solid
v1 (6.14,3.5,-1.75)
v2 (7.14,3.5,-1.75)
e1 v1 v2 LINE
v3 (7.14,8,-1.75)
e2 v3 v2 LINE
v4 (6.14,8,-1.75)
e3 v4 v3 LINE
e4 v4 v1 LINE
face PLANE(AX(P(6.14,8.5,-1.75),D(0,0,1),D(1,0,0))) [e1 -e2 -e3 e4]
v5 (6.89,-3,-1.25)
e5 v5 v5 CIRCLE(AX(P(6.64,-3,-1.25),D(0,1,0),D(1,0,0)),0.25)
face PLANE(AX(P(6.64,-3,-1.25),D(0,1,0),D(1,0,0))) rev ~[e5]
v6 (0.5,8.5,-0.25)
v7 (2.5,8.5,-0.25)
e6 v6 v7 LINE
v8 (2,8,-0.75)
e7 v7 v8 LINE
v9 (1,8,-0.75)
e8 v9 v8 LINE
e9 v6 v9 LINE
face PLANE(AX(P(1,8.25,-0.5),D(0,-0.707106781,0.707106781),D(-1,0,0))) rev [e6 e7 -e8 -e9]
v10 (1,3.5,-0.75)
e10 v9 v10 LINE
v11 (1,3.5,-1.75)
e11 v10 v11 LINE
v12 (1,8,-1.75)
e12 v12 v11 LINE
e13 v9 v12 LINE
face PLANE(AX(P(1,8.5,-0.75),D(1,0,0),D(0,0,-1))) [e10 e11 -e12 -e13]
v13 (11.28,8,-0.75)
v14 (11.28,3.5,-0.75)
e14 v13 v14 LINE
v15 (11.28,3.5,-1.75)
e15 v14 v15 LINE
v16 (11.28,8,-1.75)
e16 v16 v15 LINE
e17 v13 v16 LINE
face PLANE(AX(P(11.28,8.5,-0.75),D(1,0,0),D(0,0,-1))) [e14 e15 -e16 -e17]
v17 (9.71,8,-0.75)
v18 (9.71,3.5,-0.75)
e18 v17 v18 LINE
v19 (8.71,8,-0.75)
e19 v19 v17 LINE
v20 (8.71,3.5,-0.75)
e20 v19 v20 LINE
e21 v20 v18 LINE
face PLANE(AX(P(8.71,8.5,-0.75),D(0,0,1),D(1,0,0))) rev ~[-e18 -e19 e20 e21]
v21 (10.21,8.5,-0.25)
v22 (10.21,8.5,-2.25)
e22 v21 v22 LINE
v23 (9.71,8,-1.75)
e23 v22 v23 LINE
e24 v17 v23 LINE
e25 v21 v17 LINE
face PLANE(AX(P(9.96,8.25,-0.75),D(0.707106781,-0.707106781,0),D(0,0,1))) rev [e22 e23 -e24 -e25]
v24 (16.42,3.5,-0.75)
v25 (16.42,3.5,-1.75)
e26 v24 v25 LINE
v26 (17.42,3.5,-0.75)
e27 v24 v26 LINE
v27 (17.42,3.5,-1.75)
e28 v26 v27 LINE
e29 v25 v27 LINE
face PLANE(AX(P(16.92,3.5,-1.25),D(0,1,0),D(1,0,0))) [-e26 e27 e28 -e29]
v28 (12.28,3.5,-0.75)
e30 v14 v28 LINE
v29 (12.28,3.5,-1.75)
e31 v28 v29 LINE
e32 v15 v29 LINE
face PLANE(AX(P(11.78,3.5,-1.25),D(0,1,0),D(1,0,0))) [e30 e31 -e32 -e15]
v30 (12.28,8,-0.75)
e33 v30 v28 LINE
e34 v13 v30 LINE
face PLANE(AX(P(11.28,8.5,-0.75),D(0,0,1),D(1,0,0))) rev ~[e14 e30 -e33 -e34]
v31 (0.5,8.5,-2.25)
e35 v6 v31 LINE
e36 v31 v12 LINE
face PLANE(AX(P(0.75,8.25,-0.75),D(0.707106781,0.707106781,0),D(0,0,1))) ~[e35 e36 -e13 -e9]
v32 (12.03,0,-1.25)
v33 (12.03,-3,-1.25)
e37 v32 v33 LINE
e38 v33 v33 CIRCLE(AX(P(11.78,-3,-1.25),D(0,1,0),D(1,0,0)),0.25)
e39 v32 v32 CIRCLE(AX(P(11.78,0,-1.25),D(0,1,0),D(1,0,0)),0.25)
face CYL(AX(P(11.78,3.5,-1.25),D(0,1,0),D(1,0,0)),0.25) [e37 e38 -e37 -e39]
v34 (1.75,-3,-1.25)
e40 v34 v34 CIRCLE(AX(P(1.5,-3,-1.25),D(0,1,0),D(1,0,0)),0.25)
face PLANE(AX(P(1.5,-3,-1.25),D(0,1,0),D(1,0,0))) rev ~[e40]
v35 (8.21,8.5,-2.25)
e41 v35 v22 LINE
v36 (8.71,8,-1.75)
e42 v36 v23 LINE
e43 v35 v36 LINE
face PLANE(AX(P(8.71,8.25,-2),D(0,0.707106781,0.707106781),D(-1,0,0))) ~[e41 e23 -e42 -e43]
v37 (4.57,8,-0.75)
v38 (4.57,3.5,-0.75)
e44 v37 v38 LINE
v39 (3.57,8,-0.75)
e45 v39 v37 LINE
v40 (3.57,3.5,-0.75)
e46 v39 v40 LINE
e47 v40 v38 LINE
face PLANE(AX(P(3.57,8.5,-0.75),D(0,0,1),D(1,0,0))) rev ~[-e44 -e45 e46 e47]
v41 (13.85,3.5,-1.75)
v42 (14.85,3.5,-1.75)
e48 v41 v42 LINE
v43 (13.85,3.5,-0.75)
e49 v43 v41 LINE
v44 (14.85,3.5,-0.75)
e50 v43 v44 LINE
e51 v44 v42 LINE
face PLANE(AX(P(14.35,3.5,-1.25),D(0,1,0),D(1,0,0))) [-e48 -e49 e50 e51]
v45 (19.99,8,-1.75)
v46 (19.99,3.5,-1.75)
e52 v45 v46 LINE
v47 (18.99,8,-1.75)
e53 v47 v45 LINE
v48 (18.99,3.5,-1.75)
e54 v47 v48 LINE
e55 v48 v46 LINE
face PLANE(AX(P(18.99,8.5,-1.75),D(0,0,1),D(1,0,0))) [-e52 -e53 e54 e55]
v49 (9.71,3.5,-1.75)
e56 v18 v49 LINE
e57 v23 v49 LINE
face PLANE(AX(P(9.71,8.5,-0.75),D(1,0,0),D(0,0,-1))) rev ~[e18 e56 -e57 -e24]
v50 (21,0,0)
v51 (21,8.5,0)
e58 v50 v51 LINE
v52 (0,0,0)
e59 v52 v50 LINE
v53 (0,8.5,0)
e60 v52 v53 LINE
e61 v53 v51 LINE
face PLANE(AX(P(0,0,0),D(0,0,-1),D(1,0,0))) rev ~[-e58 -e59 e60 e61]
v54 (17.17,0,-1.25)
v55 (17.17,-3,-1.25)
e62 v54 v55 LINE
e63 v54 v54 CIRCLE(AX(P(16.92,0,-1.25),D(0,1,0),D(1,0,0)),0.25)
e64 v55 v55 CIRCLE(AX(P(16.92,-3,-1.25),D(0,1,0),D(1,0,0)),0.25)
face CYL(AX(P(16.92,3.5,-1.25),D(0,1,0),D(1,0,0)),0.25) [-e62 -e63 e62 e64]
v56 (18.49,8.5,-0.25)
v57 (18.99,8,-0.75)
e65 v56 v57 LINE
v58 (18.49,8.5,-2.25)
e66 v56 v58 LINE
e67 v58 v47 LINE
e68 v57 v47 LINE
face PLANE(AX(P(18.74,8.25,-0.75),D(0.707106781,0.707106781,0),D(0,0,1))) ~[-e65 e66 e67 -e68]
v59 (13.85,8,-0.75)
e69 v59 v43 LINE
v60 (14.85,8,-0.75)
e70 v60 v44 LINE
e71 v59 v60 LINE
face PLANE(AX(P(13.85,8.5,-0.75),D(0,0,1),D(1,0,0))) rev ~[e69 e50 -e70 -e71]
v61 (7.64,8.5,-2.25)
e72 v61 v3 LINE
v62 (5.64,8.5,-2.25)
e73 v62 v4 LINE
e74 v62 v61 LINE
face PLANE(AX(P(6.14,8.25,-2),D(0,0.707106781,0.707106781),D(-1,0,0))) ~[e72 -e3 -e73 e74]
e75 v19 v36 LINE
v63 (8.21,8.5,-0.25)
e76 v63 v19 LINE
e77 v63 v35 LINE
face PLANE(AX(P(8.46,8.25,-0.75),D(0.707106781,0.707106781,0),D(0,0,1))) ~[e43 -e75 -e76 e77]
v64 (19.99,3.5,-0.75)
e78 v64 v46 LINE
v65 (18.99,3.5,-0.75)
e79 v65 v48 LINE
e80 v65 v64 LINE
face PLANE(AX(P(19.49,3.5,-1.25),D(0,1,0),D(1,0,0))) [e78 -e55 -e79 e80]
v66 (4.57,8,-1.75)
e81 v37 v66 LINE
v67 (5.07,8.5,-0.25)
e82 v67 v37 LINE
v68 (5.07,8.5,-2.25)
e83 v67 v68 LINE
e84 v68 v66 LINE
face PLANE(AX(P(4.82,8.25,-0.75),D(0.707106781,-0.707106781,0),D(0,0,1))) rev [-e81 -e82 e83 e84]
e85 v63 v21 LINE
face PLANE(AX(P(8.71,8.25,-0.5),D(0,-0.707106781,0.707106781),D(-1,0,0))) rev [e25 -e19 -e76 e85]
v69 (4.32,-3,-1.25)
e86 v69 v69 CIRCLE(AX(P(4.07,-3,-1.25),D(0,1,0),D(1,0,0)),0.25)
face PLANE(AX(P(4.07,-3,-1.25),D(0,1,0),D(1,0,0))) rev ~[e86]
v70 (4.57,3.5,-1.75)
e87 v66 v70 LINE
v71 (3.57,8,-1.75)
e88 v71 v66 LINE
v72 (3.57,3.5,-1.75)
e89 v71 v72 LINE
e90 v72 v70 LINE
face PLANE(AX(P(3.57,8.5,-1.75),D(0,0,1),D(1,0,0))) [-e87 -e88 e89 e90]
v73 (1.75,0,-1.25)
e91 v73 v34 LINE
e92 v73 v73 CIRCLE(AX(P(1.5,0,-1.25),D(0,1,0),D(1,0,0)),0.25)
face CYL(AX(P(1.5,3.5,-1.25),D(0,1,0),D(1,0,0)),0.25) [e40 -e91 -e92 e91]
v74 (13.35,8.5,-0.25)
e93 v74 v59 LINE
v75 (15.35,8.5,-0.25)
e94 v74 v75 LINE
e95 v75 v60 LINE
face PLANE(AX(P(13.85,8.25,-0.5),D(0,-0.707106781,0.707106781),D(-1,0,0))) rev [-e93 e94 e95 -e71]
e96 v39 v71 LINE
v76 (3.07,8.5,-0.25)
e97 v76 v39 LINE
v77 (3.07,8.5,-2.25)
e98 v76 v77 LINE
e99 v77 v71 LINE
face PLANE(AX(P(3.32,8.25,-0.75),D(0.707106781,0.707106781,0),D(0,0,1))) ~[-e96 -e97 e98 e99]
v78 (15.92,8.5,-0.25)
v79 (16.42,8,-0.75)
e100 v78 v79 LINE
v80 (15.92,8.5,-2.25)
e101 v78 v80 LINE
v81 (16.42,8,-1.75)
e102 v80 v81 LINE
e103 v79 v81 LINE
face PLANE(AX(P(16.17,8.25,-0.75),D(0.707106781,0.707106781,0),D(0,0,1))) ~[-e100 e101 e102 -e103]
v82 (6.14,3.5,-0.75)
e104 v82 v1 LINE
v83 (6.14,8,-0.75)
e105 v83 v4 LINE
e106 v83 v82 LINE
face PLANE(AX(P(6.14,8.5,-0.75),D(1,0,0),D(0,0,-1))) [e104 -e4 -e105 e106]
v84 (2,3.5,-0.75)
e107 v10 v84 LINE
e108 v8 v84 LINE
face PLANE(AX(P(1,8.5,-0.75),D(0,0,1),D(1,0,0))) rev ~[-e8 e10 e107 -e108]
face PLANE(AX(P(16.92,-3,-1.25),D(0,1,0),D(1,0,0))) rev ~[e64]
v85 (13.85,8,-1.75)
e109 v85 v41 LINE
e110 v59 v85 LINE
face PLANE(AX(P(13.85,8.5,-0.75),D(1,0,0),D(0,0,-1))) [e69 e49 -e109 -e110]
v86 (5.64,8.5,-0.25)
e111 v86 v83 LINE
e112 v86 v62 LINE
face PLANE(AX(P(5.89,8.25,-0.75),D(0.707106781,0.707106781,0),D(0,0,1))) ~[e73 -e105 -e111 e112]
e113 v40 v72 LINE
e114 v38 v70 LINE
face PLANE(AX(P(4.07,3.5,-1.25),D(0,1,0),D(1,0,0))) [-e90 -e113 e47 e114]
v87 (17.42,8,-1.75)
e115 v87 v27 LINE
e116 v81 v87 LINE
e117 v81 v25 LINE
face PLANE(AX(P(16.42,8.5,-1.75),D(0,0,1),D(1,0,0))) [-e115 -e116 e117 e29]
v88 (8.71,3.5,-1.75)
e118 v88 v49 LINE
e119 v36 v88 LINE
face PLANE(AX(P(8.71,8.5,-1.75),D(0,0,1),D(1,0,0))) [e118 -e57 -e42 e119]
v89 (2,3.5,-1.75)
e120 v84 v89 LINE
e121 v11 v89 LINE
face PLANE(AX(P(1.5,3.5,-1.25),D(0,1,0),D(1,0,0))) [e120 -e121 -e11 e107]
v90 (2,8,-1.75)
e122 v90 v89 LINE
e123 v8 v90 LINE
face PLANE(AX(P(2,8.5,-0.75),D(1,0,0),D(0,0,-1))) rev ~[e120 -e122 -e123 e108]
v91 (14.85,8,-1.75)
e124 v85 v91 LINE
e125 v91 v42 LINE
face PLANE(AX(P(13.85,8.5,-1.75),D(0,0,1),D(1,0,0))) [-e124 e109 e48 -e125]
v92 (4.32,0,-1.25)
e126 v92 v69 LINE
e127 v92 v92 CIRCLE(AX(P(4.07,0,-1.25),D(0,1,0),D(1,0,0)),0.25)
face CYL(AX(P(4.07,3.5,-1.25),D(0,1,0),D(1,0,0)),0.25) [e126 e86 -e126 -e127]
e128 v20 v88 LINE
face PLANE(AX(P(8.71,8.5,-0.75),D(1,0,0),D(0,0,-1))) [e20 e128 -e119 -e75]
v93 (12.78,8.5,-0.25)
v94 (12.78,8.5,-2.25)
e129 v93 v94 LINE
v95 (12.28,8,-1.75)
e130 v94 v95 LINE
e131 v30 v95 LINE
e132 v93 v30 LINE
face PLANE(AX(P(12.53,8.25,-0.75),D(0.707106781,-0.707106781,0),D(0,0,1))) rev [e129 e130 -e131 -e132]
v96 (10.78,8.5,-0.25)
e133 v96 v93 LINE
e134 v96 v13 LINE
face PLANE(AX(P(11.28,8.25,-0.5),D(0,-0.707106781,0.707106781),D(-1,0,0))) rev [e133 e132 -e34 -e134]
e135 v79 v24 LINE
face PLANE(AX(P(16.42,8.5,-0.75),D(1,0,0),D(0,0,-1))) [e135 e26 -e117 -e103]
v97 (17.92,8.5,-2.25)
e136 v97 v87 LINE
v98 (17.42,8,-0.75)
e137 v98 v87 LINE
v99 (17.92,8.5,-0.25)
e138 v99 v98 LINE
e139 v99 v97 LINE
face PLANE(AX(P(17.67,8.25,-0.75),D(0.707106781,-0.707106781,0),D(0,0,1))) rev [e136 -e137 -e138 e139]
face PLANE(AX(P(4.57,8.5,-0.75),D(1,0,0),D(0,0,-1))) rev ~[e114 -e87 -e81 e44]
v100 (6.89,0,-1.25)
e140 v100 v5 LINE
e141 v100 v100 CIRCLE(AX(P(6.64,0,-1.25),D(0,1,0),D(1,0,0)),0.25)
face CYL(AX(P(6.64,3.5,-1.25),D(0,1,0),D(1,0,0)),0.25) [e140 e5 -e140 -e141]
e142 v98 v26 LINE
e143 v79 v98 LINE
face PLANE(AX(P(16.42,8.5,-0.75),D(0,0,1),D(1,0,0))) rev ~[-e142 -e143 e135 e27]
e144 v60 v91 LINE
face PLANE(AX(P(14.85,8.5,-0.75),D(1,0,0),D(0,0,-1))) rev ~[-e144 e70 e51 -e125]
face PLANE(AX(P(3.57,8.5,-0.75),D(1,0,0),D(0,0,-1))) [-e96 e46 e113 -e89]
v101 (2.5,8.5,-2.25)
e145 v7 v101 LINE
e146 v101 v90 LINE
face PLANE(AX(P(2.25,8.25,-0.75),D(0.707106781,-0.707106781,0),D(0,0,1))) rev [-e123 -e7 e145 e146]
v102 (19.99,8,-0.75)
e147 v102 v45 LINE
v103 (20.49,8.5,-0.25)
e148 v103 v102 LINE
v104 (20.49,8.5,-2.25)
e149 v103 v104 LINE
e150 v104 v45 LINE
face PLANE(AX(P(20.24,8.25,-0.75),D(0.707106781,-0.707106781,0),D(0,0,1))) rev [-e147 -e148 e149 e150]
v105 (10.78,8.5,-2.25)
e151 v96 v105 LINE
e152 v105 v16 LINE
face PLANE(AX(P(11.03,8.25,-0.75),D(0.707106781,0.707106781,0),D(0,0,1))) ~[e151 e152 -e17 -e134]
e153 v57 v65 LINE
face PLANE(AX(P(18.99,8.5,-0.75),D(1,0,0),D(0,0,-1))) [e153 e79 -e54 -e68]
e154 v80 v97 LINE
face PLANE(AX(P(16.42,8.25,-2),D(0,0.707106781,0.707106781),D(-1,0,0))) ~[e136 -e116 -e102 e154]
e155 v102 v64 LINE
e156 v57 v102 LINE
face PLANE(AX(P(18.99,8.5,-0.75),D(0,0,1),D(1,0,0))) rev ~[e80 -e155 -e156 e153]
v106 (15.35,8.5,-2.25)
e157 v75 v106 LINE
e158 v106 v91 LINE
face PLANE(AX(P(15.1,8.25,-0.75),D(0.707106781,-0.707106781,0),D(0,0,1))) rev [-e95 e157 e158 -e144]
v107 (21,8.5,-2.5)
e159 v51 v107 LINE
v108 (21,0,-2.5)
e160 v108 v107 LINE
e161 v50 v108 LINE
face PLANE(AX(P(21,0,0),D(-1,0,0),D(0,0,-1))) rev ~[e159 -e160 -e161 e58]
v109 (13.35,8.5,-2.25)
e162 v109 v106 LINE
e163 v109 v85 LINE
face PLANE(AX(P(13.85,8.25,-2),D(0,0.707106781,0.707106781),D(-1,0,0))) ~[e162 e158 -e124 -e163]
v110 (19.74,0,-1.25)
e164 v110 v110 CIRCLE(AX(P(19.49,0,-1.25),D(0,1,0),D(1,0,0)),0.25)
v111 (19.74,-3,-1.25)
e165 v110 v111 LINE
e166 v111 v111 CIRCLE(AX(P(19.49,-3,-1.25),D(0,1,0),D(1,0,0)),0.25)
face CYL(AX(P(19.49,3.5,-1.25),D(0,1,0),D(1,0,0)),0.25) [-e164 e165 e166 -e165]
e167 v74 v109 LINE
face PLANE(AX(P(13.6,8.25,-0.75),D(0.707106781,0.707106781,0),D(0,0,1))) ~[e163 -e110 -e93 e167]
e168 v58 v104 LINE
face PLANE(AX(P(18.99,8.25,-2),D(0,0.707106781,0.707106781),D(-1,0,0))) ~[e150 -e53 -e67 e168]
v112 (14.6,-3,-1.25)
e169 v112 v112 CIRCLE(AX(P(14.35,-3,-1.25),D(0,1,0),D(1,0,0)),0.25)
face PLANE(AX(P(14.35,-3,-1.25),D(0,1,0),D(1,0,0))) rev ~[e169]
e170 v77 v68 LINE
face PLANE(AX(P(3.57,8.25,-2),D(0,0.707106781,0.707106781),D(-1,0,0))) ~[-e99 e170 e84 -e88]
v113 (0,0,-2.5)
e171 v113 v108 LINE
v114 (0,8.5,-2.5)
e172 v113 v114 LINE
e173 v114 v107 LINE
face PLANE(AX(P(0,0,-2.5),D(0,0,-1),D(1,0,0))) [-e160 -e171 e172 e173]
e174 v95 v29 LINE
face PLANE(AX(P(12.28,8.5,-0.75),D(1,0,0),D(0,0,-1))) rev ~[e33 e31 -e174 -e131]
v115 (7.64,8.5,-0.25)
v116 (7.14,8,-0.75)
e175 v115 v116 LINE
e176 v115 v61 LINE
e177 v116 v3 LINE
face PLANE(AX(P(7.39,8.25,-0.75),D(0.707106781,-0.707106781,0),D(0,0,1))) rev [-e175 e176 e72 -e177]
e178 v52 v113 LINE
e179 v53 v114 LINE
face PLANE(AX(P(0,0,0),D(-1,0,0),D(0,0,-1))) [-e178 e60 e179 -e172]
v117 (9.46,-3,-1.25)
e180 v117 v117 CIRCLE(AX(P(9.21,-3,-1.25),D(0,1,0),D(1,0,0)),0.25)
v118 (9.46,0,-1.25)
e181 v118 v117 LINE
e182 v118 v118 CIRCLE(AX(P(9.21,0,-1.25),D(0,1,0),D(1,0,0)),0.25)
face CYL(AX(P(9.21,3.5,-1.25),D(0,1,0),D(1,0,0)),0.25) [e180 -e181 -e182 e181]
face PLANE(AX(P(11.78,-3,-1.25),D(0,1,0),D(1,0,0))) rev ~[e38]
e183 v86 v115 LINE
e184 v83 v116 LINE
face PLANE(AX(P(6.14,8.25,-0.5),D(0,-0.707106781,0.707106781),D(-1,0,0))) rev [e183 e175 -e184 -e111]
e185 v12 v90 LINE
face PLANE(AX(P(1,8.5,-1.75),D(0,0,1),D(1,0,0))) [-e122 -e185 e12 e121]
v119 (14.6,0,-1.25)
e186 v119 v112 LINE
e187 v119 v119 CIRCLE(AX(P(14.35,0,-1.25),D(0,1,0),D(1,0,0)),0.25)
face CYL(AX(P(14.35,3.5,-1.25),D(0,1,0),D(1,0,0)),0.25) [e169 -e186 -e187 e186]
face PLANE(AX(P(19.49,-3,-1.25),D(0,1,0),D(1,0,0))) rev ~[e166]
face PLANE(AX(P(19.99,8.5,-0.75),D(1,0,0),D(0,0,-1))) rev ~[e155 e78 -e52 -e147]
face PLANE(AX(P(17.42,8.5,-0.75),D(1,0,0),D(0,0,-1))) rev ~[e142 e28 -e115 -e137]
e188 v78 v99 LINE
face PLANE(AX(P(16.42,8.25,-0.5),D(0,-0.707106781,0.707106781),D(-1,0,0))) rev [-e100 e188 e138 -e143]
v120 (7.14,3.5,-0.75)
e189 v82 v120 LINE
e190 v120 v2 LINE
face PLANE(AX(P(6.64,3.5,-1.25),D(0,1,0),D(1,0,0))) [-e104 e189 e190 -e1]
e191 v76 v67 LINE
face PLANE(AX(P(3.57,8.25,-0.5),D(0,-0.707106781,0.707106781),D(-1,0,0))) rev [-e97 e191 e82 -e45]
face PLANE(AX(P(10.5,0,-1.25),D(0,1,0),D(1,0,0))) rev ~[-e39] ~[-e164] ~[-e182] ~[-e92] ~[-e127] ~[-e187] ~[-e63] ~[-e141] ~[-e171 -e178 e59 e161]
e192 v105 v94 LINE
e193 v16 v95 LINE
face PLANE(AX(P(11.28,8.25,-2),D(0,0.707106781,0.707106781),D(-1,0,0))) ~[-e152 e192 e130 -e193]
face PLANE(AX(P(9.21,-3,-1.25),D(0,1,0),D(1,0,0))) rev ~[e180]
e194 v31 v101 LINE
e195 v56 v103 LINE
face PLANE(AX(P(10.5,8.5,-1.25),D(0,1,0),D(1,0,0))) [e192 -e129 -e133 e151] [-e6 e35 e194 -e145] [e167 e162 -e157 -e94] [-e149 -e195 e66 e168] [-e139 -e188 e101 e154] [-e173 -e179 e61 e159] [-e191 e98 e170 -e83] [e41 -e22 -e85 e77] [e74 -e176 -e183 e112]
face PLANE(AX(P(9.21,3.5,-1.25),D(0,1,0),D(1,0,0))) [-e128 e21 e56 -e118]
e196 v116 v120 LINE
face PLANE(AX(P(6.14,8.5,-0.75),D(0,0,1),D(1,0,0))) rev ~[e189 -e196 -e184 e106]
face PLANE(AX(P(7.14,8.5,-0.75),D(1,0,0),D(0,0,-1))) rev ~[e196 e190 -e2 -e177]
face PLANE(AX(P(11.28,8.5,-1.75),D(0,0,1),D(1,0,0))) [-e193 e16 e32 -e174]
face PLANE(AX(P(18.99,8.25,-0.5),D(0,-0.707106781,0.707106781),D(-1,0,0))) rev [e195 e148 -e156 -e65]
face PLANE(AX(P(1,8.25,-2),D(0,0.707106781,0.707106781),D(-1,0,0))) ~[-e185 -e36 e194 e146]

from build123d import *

# Parameters (mm, degrees)
SKETCH1_W           = 21
SKETCH1_H           = 2.5
BOSS_EXTRUDE1_DEPTH = 8.5
SKETCH2_W           = 1
SKETCH2_H           = 1
CUT_EXTRUDE1_DEPTH  = 5
CHAMFER1_SIZE       = 0.5
SKETCH4_R           = 0.25
BOSS_EXTRUDE2_DEPTH = 6.5


with BuildPart() as part:
    # Sketch1 → Boss-Extrude1 (new body)
    with BuildSketch(Plane(origin=(0, 0, 0), x_dir=(1, 0, 0), z_dir=(0, 1, 0))):
        with Locations((10.5, 1.25)):
            Rectangle(SKETCH1_W, SKETCH1_H)
    extrude(amount=BOSS_EXTRUDE1_DEPTH)

    # Sketch2 → Cut-Extrude1 (cut)
    with BuildSketch(Plane(origin=(0, 8.5, 0), x_dir=(1, 0, 0), z_dir=(0, 1, 0))):
        with Locations((1.5, 1.25)):
            Rectangle(SKETCH2_W, SKETCH2_H)
        with Locations((4.07, 1.25)):
            Rectangle(SKETCH2_W, SKETCH2_H)
        with Locations((6.64, 1.25)):
            Rectangle(SKETCH2_W, SKETCH2_H)
        with Locations((9.21, 1.25)):
            Rectangle(SKETCH2_W, SKETCH2_H)
        with Locations((11.78, 1.25)):
            Rectangle(SKETCH2_W, SKETCH2_H)
        with Locations((14.35, 1.25)):
            Rectangle(SKETCH2_W, SKETCH2_H)
        with Locations((16.92, 1.25)):
            Rectangle(SKETCH2_W, SKETCH2_H)
        with Locations((19.49, 1.25)):
            Rectangle(SKETCH2_W, SKETCH2_H)
    extrude(amount=-CUT_EXTRUDE1_DEPTH, mode=Mode.SUBTRACT)

    # Chamfer1
    chamfer1_edges = [part.edges().sort_by_distance(p)[0] for p in [
        (1, 8.5, -1.25),
        (1.5, 8.5, -0.75),
        (2, 8.5, -1.25),
        (1.5, 8.5, -1.75),
        (3.57, 8.5, -1.25),
        (4.07, 8.5, -0.75),
        (4.57, 8.5, -1.25),
        (4.07, 8.5, -1.75),
        (6.14, 8.5, -1.25),
        (6.64, 8.5, -0.75),
        (7.14, 8.5, -1.25),
        (6.64, 8.5, -1.75),
        (8.71, 8.5, -1.25),
        (9.21, 8.5, -0.75),
        (9.71, 8.5, -1.25),
        (9.21, 8.5, -1.75),
        (11.28, 8.5, -1.25),
        (11.78, 8.5, -0.75),
        (12.28, 8.5, -1.25),
        (11.78, 8.5, -1.75),
        (13.85, 8.5, -1.25),
        (14.35, 8.5, -0.75),
        (14.85, 8.5, -1.25),
        (14.35, 8.5, -1.75),
        (16.42, 8.5, -1.25),
        (16.92, 8.5, -0.75),
        (17.42, 8.5, -1.25),
        (16.92, 8.5, -1.75),
        (18.99, 8.5, -1.25),
        (19.49, 8.5, -0.75),
        (19.99, 8.5, -1.25),
        (19.49, 8.5, -1.75),
    ]]
    chamfer(chamfer1_edges, length=CHAMFER1_SIZE)

    # Sketch4 → Boss-Extrude2 (add)
    with BuildSketch(Plane(origin=(0, 3.5, 0), x_dir=(1, 0, 0), z_dir=(0, 1, 0))):
        with Locations((1.5, 1.25)):
            Circle(SKETCH4_R)
        with Locations((4.07, 1.25)):
            Circle(SKETCH4_R)
        with Locations((6.64, 1.25)):
            Circle(SKETCH4_R)
        with Locations((9.21, 1.25)):
            Circle(SKETCH4_R)
        with Locations((11.78, 1.25)):
            Circle(SKETCH4_R)
        with Locations((14.35, 1.25)):
            Circle(SKETCH4_R)
        with Locations((16.92, 1.25)):
            Circle(SKETCH4_R)
        with Locations((19.49, 1.25)):
            Circle(SKETCH4_R)
    extrude(amount=-BOSS_EXTRUDE2_DEPTH)


solid = part.part
